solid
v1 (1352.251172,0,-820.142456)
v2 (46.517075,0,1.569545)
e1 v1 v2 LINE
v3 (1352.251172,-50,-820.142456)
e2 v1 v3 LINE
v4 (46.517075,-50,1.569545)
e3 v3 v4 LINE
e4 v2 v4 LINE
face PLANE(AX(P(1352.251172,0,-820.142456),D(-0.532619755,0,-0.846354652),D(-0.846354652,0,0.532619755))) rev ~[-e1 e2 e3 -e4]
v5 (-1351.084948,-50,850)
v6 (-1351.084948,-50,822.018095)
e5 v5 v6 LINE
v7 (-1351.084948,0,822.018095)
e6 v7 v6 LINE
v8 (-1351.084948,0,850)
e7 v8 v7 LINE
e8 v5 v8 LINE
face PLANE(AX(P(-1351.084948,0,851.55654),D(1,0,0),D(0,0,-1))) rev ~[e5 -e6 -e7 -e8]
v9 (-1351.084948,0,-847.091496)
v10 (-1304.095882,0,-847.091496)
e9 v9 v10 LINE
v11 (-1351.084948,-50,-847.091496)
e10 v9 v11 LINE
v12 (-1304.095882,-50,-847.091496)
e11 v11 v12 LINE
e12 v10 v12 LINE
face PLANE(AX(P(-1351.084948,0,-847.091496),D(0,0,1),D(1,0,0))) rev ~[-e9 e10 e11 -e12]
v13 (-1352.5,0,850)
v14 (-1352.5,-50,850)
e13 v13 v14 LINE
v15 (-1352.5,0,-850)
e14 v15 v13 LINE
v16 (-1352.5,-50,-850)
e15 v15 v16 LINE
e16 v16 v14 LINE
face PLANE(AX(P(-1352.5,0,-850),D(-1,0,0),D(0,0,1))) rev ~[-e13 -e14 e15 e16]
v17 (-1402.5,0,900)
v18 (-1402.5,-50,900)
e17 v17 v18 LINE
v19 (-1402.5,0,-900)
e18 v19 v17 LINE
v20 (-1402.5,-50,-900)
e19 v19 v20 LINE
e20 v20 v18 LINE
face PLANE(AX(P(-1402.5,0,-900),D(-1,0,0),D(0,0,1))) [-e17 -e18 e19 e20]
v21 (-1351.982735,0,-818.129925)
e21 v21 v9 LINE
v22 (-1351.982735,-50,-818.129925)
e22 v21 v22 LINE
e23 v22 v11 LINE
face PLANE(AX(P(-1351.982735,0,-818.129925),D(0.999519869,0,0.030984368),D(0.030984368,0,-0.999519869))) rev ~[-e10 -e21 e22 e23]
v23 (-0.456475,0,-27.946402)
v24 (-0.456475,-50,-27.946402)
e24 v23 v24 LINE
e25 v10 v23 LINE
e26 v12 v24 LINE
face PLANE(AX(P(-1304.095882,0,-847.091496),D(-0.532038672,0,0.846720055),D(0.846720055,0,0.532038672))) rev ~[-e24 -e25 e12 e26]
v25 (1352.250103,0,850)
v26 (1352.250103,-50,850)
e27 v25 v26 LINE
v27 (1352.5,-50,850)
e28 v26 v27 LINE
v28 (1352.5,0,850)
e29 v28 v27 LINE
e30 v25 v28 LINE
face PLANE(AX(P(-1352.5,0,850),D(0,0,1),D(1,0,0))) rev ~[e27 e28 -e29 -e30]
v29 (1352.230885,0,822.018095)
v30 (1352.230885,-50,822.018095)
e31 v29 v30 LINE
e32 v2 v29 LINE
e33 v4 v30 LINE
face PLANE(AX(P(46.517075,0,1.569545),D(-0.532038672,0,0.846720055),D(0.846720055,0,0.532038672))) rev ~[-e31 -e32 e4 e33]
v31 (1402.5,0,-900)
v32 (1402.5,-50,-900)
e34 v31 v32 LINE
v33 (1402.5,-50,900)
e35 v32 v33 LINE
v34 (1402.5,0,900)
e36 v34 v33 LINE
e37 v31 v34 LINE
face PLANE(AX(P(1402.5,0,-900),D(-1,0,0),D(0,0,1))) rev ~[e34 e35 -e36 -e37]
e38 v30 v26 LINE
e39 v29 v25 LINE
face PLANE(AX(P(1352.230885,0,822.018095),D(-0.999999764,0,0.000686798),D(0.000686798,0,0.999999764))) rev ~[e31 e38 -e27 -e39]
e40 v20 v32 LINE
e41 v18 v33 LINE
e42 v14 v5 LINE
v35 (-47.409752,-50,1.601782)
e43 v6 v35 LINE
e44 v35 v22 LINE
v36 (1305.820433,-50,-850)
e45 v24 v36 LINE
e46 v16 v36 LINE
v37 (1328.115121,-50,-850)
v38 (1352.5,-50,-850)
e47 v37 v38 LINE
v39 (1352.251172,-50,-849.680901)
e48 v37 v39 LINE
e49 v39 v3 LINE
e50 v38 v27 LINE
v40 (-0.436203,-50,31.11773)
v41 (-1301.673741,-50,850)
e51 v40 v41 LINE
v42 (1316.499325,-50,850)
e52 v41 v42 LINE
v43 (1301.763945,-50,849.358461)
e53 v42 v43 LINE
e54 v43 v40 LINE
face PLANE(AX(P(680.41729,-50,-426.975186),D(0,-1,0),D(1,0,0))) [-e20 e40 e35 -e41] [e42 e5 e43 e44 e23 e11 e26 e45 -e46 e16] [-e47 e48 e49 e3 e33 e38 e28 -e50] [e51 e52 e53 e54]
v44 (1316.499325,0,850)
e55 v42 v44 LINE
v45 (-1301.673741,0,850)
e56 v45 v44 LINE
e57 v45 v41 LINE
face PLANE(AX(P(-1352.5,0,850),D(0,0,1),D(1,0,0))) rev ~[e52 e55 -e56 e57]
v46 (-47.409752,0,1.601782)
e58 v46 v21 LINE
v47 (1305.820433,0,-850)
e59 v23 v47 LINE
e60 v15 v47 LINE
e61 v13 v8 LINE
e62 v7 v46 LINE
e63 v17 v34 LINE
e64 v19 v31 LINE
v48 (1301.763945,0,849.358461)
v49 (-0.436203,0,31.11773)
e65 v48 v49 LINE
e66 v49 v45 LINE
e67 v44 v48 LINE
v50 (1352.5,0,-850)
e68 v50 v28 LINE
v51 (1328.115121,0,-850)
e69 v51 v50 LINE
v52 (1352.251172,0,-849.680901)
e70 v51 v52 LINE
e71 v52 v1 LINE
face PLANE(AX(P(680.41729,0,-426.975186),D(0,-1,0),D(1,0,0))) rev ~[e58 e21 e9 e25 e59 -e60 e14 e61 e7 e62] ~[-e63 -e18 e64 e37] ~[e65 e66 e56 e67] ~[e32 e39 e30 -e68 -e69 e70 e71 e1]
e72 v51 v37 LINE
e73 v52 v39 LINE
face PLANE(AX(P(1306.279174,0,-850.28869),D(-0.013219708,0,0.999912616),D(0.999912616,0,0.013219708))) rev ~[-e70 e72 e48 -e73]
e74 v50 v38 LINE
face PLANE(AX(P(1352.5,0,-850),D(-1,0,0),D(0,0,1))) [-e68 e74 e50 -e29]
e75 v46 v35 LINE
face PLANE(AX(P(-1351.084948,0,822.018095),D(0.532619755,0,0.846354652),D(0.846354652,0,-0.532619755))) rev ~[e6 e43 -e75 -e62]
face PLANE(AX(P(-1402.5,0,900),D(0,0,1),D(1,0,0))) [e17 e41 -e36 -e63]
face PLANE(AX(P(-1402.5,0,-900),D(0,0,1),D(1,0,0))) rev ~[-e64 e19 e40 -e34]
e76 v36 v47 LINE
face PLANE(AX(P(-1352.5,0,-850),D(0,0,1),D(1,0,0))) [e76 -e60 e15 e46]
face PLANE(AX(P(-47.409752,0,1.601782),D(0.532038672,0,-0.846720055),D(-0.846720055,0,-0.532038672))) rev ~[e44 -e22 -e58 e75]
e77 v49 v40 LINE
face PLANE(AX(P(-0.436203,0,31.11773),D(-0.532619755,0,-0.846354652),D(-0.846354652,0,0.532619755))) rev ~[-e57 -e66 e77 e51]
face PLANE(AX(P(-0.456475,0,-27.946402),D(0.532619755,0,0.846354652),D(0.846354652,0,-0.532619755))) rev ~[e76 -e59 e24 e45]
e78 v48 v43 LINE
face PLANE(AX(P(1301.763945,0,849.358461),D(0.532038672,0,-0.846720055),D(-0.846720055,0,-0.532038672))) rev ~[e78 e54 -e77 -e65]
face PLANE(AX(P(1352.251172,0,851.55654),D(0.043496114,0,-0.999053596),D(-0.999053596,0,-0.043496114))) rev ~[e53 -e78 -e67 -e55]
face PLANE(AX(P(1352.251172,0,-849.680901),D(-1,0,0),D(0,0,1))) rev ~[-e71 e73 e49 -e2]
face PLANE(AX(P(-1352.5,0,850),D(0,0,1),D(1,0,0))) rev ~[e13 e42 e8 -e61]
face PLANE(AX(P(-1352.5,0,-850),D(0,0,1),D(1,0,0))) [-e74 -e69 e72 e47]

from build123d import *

# Parameters (mm, degrees)
F0_W     = 2805
F0_H     = 1800
F0_W_2   = 2705
F0_H_2   = 1700
F1_DEPTH = 50
F3_DEPTH = 50


with BuildPart() as f1:
    # F0 (on Front) → F1 (new body)
    with BuildSketch(Plane.XZ):
        Rectangle(F0_W, F0_H)
        Rectangle(F0_W_2, F0_H_2, mode=Mode.SUBTRACT)
    extrude(amount=F1_DEPTH)

    # F2 (on Front) → F3 (join)
    with BuildSketch(Plane.XZ):
        Polygon((-0.4564745023, -27.9464024116), (856.6796878057, -567.3510735473), (1306.2791736247, -850.2886900607), (1352.2511720658, -849.6809005737), (1352.2511720658, -820.1424559689), (1027.5558522008, -615.8083257189), (46.5170749249, 1.5695452636), align=None)
        Polygon((-1304.095882075, -847.0914959908), (-0.4564745023, -27.9464024116), (-47.4097524251, 1.6017820547), (-1351.9827345961, -818.1299254663), (-1351.0849475861, -847.0914959908), align=None)
        Polygon((-47.4097524251, 1.6017820547), (-0.4564745023, -27.9464024116), (46.5170749249, 1.5695452636), (-0.4362029979, 31.11772973), align=None)
        Polygon((-1351.0849475861, 822.0180949308), (-47.4097524251, 1.6017820547), (-0.4362029979, 31.11772973), (-1302.4441379798, 850.4848184942), (-1351.0849475861, 851.5565395355), align=None)
        Polygon((-0.4362029979, 31.11772973), (46.5170749249, 1.5695452636), (1004.8448605695, 603.7372145526), (1352.2308851105, 822.0180949308), (1352.2511720657, 851.5565395355), (1301.7639452347, 849.3584610906), (904.9684635461, 600.0310243074), align=None)
    extrude(amount=F3_DEPTH)


solid = f1.part
